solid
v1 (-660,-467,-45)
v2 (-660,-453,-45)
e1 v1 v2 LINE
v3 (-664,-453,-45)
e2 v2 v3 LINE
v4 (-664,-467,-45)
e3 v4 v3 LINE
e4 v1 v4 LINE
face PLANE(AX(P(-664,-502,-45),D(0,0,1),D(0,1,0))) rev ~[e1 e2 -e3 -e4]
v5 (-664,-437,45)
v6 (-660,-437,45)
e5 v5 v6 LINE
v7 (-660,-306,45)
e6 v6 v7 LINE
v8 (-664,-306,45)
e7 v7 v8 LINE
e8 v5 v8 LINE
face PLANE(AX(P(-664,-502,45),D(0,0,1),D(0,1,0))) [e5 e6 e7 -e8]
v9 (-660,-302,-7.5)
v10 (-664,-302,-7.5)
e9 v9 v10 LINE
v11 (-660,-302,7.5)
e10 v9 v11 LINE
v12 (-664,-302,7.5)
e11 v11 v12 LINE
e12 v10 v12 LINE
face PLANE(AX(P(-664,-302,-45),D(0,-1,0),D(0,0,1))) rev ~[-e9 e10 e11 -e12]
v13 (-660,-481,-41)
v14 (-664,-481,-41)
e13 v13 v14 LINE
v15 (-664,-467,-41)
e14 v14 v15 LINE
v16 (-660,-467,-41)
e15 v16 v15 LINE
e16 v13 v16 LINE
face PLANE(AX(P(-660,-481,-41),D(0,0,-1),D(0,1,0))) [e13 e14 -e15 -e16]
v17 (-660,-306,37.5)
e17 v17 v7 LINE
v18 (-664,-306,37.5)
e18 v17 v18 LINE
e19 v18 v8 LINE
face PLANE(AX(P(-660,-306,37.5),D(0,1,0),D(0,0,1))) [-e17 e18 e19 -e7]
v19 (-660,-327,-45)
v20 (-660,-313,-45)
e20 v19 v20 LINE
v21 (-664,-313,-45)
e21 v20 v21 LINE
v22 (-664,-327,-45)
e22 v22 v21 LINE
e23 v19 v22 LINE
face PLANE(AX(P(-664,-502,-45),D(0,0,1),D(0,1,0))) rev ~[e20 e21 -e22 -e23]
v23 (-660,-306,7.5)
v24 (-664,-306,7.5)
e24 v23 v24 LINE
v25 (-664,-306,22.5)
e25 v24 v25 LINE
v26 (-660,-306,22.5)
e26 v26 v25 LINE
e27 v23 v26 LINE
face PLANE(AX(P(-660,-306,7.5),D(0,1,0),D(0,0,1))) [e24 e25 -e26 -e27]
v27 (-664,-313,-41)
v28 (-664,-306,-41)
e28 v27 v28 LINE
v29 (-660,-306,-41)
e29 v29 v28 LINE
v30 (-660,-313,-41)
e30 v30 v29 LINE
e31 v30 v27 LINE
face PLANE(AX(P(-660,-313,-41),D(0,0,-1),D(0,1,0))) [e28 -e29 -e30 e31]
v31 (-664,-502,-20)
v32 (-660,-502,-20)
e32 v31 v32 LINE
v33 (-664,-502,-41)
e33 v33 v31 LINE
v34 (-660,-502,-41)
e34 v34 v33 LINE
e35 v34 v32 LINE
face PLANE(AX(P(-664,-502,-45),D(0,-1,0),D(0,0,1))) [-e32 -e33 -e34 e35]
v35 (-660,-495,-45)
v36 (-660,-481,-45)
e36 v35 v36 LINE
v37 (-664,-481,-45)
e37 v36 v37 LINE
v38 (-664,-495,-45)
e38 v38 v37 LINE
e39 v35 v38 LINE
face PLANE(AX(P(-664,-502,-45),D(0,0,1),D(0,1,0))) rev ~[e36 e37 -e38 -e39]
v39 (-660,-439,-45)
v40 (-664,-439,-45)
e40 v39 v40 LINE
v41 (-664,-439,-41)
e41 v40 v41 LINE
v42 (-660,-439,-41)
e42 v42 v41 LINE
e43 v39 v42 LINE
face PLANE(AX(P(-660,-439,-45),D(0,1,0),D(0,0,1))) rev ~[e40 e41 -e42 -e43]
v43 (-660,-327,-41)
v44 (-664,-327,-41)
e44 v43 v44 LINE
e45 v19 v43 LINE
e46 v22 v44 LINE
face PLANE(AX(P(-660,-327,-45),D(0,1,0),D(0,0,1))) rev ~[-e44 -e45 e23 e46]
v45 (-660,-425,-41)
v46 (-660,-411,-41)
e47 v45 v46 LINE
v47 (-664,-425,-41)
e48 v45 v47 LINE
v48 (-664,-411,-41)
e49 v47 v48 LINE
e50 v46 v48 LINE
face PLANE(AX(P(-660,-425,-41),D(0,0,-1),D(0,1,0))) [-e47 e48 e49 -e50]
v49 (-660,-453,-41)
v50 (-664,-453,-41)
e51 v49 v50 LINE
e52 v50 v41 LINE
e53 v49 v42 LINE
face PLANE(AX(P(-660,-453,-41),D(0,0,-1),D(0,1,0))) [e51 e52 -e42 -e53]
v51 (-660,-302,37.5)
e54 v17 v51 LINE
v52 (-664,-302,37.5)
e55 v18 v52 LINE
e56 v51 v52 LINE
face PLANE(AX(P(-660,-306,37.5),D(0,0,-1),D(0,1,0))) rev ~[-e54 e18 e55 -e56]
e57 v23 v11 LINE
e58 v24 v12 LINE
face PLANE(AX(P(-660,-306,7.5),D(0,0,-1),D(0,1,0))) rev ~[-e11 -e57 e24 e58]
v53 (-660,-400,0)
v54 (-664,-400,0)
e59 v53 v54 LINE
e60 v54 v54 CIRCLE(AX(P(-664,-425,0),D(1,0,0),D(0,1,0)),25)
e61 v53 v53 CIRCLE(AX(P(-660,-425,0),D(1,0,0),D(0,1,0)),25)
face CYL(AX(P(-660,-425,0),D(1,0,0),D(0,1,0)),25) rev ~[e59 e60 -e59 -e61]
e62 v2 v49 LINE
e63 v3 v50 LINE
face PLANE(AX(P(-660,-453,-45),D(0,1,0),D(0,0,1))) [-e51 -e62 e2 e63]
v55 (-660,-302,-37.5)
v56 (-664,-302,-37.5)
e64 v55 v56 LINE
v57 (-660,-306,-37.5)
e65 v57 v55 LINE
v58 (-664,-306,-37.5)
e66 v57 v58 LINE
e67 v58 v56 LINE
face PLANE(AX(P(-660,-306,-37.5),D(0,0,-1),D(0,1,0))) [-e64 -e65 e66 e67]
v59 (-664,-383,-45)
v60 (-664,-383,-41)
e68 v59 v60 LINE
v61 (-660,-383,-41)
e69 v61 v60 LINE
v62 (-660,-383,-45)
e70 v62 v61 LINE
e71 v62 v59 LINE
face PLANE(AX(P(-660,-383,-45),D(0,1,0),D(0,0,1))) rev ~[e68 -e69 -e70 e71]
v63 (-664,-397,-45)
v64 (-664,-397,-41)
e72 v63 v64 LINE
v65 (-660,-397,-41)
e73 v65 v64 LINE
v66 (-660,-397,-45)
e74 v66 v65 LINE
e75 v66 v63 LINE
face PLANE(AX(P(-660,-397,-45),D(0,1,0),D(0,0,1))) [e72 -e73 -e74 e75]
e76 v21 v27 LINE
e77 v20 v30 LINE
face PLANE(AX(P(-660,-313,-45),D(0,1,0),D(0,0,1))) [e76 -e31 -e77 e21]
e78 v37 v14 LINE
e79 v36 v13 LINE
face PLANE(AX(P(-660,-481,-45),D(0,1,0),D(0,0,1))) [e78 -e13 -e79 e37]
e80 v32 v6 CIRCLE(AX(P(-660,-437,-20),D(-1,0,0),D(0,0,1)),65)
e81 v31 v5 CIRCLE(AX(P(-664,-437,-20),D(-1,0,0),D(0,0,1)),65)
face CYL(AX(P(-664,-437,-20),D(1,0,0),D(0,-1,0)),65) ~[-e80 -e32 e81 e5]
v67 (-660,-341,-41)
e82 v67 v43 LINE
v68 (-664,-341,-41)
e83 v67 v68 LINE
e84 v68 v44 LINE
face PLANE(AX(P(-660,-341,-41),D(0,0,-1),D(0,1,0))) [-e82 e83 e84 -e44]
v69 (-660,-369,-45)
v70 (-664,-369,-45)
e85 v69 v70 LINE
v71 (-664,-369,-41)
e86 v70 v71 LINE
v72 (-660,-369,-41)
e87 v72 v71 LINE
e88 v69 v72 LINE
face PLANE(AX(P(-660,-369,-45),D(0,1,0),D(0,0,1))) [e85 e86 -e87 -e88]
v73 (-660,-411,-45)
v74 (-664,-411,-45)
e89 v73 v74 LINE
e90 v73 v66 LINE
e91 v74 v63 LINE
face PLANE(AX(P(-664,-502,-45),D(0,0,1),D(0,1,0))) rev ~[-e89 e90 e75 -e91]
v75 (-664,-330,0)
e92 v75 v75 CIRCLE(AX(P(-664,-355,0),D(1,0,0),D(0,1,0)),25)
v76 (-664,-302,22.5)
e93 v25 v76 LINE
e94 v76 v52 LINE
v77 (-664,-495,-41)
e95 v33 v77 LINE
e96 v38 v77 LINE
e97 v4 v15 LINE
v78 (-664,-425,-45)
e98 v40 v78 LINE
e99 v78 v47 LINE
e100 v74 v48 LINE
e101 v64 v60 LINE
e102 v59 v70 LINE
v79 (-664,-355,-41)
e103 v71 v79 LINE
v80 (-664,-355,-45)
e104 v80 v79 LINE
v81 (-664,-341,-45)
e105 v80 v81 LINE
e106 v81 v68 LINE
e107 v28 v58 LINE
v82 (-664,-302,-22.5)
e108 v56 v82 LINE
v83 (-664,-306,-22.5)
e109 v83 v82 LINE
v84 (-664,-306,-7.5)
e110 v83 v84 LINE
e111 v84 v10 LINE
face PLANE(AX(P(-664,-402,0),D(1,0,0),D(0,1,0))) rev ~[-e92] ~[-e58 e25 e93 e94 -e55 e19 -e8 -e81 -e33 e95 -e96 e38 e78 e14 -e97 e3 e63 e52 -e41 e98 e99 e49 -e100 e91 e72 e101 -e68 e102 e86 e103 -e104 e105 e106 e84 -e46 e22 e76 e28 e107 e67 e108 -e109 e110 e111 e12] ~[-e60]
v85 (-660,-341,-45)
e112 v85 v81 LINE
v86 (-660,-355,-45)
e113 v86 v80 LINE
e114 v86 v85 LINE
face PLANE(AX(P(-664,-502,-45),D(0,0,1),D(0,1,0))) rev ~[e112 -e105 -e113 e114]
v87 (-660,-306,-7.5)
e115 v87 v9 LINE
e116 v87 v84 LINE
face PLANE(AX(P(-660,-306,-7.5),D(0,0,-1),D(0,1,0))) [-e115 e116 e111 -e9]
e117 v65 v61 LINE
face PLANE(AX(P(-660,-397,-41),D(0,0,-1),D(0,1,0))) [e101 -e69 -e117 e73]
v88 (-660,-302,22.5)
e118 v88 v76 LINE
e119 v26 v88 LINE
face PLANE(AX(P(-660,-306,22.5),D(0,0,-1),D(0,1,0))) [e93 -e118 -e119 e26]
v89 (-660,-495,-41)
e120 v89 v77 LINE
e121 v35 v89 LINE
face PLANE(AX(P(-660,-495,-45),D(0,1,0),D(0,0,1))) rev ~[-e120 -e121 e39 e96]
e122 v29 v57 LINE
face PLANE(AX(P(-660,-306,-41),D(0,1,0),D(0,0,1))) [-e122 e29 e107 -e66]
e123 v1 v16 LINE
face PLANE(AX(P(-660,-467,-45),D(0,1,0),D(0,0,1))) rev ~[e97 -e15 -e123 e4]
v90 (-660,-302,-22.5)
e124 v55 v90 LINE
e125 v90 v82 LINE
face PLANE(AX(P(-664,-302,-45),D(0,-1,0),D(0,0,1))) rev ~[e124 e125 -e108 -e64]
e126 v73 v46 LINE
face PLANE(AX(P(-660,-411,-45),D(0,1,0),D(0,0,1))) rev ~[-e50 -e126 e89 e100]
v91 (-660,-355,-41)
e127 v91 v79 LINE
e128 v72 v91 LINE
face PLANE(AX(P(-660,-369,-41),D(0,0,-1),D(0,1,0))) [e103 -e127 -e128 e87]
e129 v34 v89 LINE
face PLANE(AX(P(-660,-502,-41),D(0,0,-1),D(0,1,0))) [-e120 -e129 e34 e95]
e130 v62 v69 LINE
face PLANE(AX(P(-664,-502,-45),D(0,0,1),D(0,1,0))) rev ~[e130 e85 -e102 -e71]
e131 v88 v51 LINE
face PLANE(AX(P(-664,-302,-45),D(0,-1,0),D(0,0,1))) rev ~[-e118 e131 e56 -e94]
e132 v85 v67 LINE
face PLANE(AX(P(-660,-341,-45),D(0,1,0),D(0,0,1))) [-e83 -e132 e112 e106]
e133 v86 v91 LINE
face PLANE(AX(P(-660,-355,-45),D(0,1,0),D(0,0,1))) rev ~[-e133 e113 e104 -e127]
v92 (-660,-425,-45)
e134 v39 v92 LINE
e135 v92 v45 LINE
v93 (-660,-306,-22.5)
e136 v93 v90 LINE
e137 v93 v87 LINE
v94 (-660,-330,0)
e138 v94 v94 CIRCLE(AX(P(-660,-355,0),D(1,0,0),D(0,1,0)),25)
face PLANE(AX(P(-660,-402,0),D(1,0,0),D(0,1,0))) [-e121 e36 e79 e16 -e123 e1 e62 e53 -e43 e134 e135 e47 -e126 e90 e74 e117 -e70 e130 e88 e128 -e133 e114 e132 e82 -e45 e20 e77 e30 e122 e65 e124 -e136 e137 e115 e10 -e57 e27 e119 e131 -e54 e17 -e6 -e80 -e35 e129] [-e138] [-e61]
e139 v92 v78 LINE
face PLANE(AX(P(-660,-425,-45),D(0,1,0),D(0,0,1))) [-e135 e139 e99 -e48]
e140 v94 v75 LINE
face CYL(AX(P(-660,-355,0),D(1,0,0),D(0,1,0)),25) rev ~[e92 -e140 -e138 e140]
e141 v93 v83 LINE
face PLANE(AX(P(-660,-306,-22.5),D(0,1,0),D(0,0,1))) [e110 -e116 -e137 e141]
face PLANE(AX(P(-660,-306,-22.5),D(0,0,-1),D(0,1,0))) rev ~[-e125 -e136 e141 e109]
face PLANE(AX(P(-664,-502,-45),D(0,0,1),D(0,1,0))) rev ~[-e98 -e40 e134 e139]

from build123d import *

# Parameters (mm, degrees)
SKETCH062_W     = 200
SKETCH062_H     = 90
PAD031_DEPTH    = 4
SKETCH063_R     = 25
SKETCH063_W     = 7
SKETCH063_H     = 4
SKETCH063_W_2   = 14
SKETCH063_W_3   = 4
SKETCH063_H_2   = 15
SKETCH063_H_3   = 7.5
POCKET027_DEPTH = 4
FILLET_R        = 65


with BuildPart() as part:
    # Sketch062 → Pad031 (new body)
    with BuildSketch(Plane.YZ):
        Rectangle(SKETCH062_W, SKETCH062_H)
    extrude(amount=PAD031_DEPTH)

    # Sketch063 (on Face6 of Pad031) → Pocket027 (cut)
    with BuildSketch(Plane.YZ.offset(4)):
        with Locations((-23, 0)):
            Circle(SKETCH063_R)
        with Locations((47, 0)):
            Circle(SKETCH063_R)
        with Locations((-96.5, -43)):
            Rectangle(SKETCH063_W, SKETCH063_H)
        with Locations((-72, -43)):
            Rectangle(SKETCH063_W_2, SKETCH063_H)
        with Locations((-44, -43)):
            Rectangle(SKETCH063_W_2, SKETCH063_H)
        with Locations((-16, -43)):
            Rectangle(SKETCH063_W_2, SKETCH063_H)
        with Locations((12, -43)):
            Rectangle(SKETCH063_W_2, SKETCH063_H)
        with Locations((40, -43)):
            Rectangle(SKETCH063_W_2, SKETCH063_H)
        with Locations((68, -43)):
            Rectangle(SKETCH063_W_2, SKETCH063_H)
        with Locations((98, -15)):
            Rectangle(SKETCH063_W_3, SKETCH063_H_2)
        with Locations((98, 15)):
            Rectangle(SKETCH063_W_3, SKETCH063_H_2)
        with Locations((98, 41.25)):
            Rectangle(SKETCH063_W_3, SKETCH063_H_3)
        Polygon((89, -45), (89, -41), (96, -41), (96, -37.5), (100, -37.5), (100, -45), align=None)
    extrude(amount=-POCKET027_DEPTH, mode=Mode.SUBTRACT)

    # Fillet
    fillet_edges = [part.edges().sort_by_distance(p)[0] for p in [
        (2, -100, 45),
    ]]
    fillet(fillet_edges, radius=FILLET_R)


with BuildPart() as part_1:
    # Body031 placement: moved
    add(part.part.moved(Location((-664, -402, 0))))


solid = part_1.part
